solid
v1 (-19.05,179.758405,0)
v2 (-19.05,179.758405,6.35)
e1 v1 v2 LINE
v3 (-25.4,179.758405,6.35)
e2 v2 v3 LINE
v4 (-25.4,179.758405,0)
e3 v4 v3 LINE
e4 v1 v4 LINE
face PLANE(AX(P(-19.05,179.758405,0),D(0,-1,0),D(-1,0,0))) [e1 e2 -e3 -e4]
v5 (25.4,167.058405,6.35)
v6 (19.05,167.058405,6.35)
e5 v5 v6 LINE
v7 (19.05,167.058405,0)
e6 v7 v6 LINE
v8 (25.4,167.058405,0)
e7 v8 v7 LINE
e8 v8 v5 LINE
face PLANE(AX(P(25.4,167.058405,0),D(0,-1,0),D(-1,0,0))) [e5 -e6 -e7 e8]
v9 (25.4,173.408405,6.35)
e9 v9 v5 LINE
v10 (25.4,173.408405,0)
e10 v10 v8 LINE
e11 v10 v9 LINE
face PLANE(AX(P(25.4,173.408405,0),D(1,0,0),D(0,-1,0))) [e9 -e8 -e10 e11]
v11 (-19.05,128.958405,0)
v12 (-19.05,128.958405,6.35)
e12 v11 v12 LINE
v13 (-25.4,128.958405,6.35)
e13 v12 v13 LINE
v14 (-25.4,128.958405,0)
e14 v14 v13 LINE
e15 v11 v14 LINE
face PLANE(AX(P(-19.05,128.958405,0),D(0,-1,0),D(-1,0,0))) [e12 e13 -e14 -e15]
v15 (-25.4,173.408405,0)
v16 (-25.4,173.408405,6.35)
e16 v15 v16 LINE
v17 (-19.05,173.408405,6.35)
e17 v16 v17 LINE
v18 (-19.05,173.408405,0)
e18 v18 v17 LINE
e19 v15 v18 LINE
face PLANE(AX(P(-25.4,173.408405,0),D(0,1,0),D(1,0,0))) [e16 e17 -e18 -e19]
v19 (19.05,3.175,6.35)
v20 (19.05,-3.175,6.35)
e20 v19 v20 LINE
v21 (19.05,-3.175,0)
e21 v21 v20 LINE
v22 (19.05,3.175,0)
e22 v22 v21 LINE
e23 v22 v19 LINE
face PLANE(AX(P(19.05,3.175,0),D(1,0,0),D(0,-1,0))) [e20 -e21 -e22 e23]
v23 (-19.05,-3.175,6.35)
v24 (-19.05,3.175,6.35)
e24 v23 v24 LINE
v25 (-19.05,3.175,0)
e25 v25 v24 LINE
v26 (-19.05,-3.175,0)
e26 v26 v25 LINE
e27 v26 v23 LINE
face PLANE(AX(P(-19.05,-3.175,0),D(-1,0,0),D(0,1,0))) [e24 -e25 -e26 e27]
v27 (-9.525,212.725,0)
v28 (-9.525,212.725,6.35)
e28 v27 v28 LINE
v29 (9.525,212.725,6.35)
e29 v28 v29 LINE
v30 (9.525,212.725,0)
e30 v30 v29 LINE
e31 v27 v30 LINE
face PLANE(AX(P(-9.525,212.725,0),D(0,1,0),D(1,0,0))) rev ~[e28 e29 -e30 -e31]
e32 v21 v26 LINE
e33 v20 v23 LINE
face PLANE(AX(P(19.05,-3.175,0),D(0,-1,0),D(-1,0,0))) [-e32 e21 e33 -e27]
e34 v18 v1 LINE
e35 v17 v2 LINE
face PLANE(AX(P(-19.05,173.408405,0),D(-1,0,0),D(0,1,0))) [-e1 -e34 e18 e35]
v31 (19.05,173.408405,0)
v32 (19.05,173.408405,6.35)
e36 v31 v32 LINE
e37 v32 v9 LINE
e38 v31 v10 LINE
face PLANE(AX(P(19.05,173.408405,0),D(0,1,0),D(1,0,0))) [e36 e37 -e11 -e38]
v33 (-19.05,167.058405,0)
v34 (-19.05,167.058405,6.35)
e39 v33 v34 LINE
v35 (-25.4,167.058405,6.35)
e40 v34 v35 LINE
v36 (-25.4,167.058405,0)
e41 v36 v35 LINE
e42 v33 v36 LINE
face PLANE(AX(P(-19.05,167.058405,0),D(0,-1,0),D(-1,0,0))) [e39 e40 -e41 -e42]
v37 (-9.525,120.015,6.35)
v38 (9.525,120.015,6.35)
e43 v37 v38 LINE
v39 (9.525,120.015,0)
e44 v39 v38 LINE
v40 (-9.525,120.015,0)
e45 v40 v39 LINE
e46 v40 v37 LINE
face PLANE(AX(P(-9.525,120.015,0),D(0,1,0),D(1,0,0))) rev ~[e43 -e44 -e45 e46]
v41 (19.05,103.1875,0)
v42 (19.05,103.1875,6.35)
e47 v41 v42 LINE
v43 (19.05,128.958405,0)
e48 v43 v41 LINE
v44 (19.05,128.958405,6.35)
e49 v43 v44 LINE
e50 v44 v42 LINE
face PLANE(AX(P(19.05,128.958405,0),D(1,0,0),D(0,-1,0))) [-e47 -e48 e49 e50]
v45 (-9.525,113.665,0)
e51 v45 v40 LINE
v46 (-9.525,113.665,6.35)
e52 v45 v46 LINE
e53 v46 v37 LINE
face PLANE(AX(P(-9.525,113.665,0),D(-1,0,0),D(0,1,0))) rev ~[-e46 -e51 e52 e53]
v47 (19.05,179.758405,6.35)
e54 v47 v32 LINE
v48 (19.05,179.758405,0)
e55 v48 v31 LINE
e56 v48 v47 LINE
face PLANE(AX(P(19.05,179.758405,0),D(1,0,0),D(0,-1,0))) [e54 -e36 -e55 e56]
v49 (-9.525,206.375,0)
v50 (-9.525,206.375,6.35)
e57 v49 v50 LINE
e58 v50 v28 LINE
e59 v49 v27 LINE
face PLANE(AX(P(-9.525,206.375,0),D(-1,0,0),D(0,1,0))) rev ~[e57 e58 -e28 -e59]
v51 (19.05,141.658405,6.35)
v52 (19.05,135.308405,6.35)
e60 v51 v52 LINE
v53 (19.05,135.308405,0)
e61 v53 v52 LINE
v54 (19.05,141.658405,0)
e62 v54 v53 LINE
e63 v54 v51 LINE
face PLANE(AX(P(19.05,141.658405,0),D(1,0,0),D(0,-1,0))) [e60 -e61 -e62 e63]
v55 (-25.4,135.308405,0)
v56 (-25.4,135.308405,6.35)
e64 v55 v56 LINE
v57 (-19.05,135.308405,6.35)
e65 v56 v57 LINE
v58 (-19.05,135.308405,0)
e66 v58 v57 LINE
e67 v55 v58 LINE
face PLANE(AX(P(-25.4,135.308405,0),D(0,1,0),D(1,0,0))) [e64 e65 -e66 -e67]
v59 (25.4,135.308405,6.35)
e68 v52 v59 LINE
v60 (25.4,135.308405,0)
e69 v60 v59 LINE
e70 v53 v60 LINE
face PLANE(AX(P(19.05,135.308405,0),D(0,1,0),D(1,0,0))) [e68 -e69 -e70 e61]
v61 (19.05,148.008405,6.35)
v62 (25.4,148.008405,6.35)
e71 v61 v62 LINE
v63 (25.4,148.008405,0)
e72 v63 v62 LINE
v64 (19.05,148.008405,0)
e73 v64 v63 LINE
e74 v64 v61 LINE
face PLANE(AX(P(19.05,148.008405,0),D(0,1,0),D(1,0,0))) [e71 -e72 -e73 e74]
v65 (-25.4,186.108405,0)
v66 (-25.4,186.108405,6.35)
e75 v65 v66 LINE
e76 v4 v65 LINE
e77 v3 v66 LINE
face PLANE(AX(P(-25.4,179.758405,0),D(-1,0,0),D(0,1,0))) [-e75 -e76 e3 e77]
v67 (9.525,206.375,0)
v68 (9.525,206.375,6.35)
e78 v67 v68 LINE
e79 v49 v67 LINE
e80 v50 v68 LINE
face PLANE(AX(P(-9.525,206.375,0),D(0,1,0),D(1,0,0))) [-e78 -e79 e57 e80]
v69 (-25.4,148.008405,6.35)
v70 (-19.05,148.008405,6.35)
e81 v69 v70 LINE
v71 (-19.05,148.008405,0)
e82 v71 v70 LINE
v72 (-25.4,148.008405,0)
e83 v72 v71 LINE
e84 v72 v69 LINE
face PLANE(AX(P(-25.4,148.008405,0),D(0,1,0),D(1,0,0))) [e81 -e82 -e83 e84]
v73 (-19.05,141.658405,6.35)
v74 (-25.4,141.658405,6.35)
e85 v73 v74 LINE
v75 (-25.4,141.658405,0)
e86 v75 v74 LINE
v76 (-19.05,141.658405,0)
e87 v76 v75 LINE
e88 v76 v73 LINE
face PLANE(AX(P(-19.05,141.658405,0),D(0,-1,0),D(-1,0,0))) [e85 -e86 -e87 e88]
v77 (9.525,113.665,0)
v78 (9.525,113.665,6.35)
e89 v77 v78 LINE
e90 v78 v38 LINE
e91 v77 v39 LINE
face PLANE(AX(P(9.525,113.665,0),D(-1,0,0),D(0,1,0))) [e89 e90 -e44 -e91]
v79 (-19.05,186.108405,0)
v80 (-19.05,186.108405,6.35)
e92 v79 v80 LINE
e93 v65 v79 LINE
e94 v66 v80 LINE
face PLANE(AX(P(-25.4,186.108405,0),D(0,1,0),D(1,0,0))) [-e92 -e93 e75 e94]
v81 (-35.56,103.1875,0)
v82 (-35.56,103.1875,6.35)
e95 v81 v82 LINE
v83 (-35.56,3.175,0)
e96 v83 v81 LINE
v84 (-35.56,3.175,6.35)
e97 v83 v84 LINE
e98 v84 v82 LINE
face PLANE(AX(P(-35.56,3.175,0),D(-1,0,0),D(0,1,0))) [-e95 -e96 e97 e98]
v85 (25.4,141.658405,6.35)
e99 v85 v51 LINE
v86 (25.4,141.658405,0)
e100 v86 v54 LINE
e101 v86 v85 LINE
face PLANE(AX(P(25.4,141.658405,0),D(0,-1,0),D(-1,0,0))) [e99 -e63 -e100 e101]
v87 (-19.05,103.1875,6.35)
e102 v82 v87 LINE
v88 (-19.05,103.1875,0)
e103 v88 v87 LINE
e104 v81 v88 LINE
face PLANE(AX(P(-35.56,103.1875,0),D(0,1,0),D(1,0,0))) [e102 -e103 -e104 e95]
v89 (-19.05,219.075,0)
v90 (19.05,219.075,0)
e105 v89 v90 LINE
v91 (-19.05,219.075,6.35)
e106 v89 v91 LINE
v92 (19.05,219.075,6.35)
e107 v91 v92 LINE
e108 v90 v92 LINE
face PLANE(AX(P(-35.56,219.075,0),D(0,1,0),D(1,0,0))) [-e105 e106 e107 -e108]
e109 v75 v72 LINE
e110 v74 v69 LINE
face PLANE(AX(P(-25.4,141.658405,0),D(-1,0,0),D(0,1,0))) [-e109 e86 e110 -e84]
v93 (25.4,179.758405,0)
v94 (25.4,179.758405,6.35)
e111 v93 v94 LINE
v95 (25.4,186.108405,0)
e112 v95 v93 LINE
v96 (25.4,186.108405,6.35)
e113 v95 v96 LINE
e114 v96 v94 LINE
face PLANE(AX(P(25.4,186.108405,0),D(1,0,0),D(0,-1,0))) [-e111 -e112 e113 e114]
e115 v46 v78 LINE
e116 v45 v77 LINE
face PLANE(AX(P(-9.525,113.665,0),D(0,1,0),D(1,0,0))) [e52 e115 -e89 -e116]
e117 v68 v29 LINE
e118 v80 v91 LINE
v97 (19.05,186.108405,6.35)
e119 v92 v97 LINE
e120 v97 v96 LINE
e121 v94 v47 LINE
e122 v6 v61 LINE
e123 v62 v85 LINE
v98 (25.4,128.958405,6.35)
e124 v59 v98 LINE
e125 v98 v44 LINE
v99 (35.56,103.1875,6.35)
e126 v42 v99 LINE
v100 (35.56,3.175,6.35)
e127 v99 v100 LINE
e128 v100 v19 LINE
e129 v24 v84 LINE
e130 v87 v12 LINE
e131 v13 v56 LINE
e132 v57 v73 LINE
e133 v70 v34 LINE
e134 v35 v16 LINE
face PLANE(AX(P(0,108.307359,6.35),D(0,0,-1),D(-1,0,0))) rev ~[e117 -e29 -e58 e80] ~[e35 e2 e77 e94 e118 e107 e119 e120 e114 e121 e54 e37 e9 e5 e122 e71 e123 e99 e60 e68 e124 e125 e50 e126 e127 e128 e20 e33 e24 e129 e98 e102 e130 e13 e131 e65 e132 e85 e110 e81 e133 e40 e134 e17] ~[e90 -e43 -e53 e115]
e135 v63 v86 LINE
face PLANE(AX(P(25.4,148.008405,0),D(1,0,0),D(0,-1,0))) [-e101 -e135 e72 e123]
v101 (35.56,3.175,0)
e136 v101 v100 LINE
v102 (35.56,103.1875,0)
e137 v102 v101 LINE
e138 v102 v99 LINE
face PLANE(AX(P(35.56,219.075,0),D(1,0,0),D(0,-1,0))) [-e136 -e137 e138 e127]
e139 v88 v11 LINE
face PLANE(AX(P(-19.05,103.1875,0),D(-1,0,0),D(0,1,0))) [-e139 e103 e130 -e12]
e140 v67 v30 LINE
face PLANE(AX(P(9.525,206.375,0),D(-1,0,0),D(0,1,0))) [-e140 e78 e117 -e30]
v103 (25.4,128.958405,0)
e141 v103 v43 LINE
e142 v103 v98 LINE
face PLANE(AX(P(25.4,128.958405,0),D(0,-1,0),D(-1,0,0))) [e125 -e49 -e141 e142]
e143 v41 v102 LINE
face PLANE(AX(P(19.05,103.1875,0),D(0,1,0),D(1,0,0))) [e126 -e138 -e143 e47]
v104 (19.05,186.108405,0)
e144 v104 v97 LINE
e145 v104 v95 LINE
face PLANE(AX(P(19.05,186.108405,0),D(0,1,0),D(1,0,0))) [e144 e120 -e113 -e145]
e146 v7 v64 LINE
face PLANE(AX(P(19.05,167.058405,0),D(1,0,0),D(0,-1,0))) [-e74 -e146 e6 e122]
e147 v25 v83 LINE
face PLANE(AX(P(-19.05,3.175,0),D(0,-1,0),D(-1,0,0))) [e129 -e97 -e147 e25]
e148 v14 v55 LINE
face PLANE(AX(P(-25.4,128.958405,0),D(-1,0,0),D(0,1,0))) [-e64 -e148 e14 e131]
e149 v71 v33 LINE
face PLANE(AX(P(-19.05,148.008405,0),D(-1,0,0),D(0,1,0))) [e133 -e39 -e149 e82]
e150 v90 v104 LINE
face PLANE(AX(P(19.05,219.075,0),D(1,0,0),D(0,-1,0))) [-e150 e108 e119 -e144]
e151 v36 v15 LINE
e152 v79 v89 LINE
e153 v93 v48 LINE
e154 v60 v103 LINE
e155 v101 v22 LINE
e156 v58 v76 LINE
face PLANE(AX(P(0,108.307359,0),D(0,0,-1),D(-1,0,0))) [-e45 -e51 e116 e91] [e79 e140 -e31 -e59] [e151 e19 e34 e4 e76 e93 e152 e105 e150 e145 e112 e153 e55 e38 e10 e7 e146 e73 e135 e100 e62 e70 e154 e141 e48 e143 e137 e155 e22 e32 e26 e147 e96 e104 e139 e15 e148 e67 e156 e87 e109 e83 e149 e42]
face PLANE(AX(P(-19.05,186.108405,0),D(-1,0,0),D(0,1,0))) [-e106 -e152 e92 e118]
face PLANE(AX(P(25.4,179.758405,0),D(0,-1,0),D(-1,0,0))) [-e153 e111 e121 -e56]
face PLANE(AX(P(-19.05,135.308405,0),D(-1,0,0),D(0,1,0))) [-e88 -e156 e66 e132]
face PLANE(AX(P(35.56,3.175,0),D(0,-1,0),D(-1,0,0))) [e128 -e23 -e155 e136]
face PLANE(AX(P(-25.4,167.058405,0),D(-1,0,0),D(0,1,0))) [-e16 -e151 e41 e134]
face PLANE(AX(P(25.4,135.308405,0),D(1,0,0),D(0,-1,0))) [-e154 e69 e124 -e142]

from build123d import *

# Parameters (mm, degrees)
SKETCH1_W           = 19.05
SKETCH1_H           = 6.35
BOSS_EXTRUDE1_DEPTH = 6.35
CUT_EXTRUDE1_DEPTH  = 6.35


with BuildPart() as part:
    # Sketch1 → Boss-Extrude1 (new body)
    with BuildSketch(Plane.XY):
        Polygon((19.05, -3.175), (-19.05, -3.175), (-19.05, 3.175), (-35.56, 3.175), (-35.56, 219.075), (35.56, 219.075), (35.56, 3.175), (19.05, 3.175), align=None)
        with Locations((0, 209.55)):
            Rectangle(SKETCH1_W, SKETCH1_H, mode=Mode.SUBTRACT)
        with Locations((0, 116.84)):
            Rectangle(SKETCH1_W, SKETCH1_H, mode=Mode.SUBTRACT)
    extrude(amount=BOSS_EXTRUDE1_DEPTH)

    # Sketch3 → Cut-Extrude1 (cut)
    with BuildSketch(Plane(origin=(0, 0, 0), x_dir=(-1, 0, 0), z_dir=(0, 0, -1))):
        Polygon((-35.56, 219.075), (-19.05, 219.075), (-19.05, 186.108405272), (-25.4, 186.108405272), (-25.4, 179.758405272), (-19.05, 179.758405272), (-19.05, 173.408405272), (-25.4, 173.408405272), (-25.4, 167.058405272), (-19.05, 167.058405272), (-19.05, 148.008405272), (-25.4, 148.008405272), (-25.4, 141.658405272), (-19.05, 141.658405272), (-19.05, 135.308405272), (-25.4, 135.308405272), (-25.4, 128.958405272), (-19.05, 128.958405272), (-19.05, 103.1875), (-35.56, 103.1875), align=None)
        Polygon((35.56, 103.1875), (19.05, 103.1875), (19.05, 128.958405272), (25.4, 128.958405272), (25.4, 135.308405272), (19.05, 135.308405272), (19.05, 141.658405272), (25.4, 141.658405272), (25.4, 148.008405272), (19.05, 148.008405272), (19.05, 167.058405272), (25.4, 167.058405272), (25.4, 173.408405272), (19.05, 173.408405272), (19.05, 179.758405272), (25.4, 179.758405272), (25.4, 186.108405272), (19.05, 186.108405272), (19.05, 219.075), (35.56, 219.075), align=None)
    extrude(amount=-CUT_EXTRUDE1_DEPTH, mode=Mode.SUBTRACT)


solid = part.part
